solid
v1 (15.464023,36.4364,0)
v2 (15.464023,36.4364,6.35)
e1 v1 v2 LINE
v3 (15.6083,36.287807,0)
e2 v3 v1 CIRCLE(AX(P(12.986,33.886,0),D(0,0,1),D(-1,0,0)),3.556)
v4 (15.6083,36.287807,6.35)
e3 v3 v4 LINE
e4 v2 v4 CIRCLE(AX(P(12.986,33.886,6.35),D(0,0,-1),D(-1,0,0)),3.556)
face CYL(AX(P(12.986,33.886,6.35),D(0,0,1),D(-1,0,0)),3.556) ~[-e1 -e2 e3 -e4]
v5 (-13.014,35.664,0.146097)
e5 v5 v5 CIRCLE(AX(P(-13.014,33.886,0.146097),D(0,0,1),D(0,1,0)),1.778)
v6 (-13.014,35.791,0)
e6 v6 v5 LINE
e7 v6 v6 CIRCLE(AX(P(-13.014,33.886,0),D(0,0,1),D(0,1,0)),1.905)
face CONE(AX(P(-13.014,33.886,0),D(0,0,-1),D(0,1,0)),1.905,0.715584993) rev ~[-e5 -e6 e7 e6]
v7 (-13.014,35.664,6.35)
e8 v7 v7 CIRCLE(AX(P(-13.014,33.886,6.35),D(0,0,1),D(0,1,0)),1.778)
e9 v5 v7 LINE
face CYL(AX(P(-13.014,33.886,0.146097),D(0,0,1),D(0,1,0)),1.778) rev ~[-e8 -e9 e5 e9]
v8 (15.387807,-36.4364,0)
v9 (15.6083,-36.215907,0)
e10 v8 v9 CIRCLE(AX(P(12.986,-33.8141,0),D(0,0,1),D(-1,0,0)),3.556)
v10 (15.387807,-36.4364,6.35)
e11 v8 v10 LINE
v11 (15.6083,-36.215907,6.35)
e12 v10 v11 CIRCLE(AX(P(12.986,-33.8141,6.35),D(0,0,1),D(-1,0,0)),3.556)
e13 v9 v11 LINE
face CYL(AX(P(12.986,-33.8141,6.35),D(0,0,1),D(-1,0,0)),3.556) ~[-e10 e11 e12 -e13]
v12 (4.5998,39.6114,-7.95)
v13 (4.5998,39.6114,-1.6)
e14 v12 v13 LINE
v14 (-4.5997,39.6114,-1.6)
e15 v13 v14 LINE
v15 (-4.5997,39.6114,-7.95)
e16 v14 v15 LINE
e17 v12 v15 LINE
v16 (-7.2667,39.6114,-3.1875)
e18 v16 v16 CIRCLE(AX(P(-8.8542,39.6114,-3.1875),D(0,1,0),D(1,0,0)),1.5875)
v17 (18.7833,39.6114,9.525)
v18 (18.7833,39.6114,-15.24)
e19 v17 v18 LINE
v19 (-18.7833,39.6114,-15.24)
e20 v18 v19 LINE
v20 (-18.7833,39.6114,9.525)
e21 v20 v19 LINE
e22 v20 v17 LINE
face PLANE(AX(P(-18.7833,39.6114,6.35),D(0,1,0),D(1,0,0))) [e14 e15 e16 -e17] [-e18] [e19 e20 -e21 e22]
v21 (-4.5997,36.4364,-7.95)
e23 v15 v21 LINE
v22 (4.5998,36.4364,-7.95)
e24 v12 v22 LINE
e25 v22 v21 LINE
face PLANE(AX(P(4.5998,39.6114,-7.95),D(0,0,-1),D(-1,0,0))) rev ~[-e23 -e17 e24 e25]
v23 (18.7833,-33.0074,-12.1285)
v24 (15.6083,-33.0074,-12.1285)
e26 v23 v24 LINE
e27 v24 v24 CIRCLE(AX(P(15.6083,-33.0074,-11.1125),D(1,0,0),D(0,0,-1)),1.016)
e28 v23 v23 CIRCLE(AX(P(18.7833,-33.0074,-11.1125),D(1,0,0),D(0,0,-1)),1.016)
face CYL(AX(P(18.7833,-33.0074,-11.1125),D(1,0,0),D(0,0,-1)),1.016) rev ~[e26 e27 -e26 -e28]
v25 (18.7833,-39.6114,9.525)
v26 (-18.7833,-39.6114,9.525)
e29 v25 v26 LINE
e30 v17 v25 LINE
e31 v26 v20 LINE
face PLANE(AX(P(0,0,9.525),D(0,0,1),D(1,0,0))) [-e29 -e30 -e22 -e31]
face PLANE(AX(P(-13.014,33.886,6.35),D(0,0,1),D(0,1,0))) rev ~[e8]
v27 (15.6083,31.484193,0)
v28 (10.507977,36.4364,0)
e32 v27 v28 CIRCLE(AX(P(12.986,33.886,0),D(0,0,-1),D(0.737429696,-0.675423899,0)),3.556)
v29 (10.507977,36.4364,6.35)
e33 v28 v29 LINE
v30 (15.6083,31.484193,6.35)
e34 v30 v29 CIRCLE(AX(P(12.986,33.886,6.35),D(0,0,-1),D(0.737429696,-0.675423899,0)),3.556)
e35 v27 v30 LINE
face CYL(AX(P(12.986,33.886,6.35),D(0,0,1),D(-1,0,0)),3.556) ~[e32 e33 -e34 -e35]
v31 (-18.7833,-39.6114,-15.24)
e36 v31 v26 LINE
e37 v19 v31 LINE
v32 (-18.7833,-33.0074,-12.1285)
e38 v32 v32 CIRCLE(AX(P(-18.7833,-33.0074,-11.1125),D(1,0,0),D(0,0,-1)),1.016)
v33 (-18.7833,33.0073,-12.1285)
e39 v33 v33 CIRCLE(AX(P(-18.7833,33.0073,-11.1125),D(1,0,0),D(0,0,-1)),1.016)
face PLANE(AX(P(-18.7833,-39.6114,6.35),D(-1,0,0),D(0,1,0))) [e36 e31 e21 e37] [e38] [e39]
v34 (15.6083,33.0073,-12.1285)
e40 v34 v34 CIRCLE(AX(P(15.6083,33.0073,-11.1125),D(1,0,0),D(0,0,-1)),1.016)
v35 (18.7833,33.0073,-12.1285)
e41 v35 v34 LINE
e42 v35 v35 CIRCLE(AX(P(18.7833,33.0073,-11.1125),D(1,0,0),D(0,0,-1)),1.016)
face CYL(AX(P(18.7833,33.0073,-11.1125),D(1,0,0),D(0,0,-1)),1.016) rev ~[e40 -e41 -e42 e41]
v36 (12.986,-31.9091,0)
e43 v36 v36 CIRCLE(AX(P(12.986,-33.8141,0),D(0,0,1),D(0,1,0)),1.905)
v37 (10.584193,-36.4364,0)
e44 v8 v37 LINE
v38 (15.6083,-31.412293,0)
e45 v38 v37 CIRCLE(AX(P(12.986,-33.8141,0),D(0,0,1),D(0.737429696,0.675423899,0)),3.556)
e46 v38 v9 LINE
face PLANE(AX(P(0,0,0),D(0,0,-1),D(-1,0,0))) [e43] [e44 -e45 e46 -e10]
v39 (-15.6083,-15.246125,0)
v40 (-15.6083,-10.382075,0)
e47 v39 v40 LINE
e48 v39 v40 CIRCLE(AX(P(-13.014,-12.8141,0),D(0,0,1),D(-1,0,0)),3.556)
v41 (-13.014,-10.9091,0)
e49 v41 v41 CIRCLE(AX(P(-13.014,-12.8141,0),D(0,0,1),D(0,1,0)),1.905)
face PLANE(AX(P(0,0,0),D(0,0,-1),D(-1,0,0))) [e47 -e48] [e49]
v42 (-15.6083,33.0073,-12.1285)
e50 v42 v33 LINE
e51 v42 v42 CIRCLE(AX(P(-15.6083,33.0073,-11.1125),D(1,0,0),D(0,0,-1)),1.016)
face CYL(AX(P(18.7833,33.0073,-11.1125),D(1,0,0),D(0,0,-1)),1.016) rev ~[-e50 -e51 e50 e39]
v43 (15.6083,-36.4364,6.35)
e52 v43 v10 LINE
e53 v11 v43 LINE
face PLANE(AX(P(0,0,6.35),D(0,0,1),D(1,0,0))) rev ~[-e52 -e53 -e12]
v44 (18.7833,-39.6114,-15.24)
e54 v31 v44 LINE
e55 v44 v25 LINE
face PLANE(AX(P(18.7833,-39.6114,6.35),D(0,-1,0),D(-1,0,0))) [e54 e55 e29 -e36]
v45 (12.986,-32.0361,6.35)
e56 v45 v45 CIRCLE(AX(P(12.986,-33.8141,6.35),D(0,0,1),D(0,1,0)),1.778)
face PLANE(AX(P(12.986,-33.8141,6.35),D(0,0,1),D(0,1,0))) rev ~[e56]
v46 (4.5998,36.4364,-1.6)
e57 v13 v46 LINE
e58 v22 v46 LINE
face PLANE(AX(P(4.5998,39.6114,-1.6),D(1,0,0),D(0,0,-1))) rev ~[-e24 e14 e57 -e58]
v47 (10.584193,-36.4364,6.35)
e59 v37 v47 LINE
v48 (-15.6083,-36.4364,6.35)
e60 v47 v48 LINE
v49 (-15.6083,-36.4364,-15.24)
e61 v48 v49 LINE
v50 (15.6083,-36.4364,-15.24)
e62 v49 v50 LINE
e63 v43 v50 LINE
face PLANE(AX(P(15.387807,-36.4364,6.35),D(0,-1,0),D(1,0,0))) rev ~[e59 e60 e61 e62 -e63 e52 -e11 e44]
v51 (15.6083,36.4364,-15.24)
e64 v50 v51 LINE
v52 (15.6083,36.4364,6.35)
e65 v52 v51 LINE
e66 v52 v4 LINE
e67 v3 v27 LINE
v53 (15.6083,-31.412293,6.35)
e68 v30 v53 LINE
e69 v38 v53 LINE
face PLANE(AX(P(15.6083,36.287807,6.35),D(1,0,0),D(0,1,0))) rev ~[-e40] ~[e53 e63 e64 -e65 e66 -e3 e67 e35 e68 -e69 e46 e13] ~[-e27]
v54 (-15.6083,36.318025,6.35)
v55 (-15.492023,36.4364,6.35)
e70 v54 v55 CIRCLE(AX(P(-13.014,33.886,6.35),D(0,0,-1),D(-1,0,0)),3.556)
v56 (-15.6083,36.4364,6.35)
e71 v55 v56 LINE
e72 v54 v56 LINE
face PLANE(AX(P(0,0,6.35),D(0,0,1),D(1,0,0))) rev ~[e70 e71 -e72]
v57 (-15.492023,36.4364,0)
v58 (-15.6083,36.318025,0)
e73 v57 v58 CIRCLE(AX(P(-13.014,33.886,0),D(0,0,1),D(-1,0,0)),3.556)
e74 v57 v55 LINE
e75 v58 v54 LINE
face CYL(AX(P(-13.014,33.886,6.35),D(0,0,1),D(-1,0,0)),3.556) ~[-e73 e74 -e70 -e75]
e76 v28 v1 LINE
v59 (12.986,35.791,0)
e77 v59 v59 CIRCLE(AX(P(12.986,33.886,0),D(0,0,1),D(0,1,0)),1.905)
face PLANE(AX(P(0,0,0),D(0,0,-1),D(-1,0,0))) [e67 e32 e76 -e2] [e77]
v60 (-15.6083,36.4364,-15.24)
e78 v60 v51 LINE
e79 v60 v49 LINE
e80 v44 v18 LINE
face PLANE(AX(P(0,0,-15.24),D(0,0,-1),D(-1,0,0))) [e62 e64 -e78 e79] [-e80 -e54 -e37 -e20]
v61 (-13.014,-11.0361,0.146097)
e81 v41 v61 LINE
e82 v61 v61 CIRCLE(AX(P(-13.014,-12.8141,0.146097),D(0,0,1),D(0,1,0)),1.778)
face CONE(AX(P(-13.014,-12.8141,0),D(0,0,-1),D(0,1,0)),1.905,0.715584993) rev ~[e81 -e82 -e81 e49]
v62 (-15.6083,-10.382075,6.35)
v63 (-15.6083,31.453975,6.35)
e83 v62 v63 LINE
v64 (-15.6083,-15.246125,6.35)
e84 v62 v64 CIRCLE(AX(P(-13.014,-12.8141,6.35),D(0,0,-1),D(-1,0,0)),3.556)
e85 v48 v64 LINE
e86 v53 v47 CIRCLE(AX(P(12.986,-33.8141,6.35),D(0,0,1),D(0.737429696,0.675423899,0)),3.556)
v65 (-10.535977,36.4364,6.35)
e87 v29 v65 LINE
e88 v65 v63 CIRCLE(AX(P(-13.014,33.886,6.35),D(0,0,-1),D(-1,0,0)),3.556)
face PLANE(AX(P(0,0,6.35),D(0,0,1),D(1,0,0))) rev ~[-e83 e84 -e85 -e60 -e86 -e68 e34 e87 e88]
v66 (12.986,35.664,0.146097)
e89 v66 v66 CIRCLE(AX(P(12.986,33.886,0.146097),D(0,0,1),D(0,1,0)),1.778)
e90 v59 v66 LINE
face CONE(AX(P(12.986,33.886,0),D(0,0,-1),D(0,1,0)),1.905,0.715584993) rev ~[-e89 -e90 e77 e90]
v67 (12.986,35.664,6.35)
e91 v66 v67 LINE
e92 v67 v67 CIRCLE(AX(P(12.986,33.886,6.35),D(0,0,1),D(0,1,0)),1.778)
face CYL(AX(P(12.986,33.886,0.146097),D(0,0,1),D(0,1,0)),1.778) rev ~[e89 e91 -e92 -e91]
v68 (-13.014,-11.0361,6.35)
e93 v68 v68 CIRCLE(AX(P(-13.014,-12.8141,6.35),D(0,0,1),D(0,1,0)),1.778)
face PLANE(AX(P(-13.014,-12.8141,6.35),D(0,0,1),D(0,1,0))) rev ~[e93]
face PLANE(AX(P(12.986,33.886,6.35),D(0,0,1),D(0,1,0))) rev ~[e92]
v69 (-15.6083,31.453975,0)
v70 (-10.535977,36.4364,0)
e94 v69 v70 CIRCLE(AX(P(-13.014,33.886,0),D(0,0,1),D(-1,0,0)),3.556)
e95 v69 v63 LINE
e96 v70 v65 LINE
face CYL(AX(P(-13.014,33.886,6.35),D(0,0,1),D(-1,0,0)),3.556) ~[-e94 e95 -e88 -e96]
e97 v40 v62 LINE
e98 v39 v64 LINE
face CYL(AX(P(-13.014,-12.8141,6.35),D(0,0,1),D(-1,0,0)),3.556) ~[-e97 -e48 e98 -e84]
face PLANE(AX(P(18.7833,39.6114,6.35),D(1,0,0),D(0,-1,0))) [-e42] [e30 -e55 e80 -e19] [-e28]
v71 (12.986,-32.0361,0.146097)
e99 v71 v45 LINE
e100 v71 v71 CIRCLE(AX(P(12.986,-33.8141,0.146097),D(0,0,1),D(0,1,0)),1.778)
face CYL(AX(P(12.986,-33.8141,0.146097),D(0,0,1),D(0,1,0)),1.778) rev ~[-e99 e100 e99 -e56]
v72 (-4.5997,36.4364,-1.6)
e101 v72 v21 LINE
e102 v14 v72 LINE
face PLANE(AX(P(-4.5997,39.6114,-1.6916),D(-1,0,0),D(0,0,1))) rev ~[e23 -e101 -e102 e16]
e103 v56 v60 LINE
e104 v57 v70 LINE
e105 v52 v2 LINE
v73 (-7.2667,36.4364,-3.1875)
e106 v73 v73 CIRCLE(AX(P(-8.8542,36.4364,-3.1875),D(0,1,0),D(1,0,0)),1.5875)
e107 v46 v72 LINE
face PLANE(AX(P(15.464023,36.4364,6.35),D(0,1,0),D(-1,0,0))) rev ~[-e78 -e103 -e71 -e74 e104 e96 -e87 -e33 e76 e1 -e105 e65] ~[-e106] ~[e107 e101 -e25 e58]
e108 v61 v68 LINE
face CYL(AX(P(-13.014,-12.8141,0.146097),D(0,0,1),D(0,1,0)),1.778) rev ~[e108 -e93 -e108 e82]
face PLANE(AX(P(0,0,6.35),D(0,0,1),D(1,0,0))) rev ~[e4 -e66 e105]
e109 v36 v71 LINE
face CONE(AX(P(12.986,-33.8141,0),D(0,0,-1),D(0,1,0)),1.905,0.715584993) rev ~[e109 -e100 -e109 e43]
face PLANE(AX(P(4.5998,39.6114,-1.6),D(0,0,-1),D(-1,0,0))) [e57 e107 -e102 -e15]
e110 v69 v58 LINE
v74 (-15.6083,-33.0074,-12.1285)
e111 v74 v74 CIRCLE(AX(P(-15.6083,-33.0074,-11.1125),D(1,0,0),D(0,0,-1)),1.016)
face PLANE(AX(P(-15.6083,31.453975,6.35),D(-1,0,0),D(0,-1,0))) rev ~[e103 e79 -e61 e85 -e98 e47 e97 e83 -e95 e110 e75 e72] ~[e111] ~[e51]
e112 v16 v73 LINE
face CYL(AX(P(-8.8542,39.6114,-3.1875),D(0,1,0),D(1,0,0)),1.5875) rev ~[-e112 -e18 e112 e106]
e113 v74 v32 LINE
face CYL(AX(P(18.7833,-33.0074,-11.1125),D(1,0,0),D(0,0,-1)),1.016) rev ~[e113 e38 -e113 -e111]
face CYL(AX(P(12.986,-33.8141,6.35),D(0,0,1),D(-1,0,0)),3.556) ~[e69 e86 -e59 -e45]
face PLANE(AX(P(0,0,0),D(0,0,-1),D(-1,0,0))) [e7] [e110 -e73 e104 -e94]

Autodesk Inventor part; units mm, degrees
ref_plane "YZ Plane" through (0, 0, 0) normal (1, 0, 0) x (0, 1, 0)
ref_plane "XZ Plane" through (0, 0, 0) normal (0, 1, 0) x (-1, 0, 0)
ref_plane "Work Plane1" through (0, 0, 6.35) normal (0, 0, 1) x (1, 0, 0)
sketch "Sketch1" plane through (0, 0, 6.35) normal (0, 0, 1) x (1, 0, 0)
  line L0 (14.9733, -35.8014) -> (14.9733, 35.8014) projected
  line L1 (14.9733, 35.8014) -> (-14.9733, 35.8014) projected
  line L2 (-14.9733, 35.8014) -> (-14.9733, -35.8014) projected
  line L3 (-14.9733, -35.8014) -> (14.9733, -35.8014) projected
  circle A0 centre (-13.81, -28.5989) radius 0.6 projected
  circle A1 centre (-11.557, -24.257) radius 0.1524 projected
  circle A2 centre (-9.271, -23.749) radius 0.1524 projected
  circle A3 centre (-8.636, -22.606) radius 0.1524 projected
  circle A4 centre (-8.636, -19.939) radius 0.1524 projected
  circle A5 centre (-6.731, -35.3061) radius 0.1524 projected
  circle A6 centre (-5.842, -34.1631) radius 0.1524 projected
  circle A7 centre (-7.239, -31.8771) radius 0.1524 projected
  circle A8 centre (-5.08, -31.7501) radius 0.1524 projected
  circle A9 centre (-5.08, -30.8611) radius 0.1524 projected
  circle A10 centre (-1.016, -32.6391) radius 0.1524 projected
  circle A11 centre (-1.905, -27.9401) radius 0.1524 projected
  circle A12 centre (-4.318, -24.892) radius 0.1524 projected
  circle A13 centre (-5.842, -19.05) radius 0.1524 projected
  circle A14 centre (-5.08, -21.463) radius 0.1524 projected
  circle A15 centre (-5.08, -18.415) radius 0.1524 projected
  circle A16 centre (-4.191, -19.939) radius 0.1524 projected
  circle A17 centre (-4.191, -18.415) radius 0.1524 projected
  circle A18 centre (-11.176, -17.526) radius 0.1525 projected
  circle A19 centre (-13.014, -12.8141) radius 1.016 projected
  circle A20 centre (-7.874, -8.382) radius 1.85 projected
  circle A21 centre (-4.826, -17.526) radius 0.1524 projected
  circle A22 centre (-4.572, -5.715) radius 0.1524 projected
  circle A23 centre (-2.413, -6.35) radius 0.1524 projected
  circle A24 centre (-1.016, -5.715) radius 0.1524 projected
  circle A25 centre (4.953, -31.4961) radius 0.1524 projected
  circle A26 centre (6.35, -30.6071) radius 0.1524 projected
  circle A27 centre (6.19, -28.5989) radius 0.85 projected
  circle A28 centre (0.254, -24.638) radius 0.1524 projected
  circle A29 centre (1.27, -21.082) radius 0.1524 projected
  circle A30 centre (6.604, -26.2891) radius 0.1524 projected
  circle A31 centre (5.461, -21.717) radius 0.1524 projected
  circle A32 centre (8.509, -32.7661) radius 0.1524 projected
  circle A33 centre (8.636, -30.6071) radius 0.1524 projected
  circle A34 centre (12.986, -33.8141) radius 1.016 projected
  circle A35 centre (13.843, -30.0991) radius 0.1524 projected
  circle A36 centre (9.017, -24.892) radius 0.1524 projected
  circle A37 centre (9.779, -22.86) radius 0.1524 projected
  circle A38 centre (7.366, -21.717) radius 0.1524 projected
  circle A39 centre (-0.014, -16.637) radius 0.255 projected
  circle A40 centre (3.429, -7.62) radius 0.1524 projected
  circle A41 centre (10.287, -16.9782) radius 0.1524 projected
  circle A42 centre (10.033, -9.779) radius 0.1524 projected
  circle A43 centre (13.843, -17.526) radius 0.1524 projected
  circle A44 centre (-4.953, 11.303) radius 0.1524 projected
  circle A45 centre (-13.014, 33.886) radius 1.016 projected
  circle A46 centre (-3.8002, 24.494) radius 0.5 projected
  circle A47 centre (-4.4502, 34.2441) radius 0.5 projected
  circle A48 centre (-1.4001, 27.0939) radius 0.45 projected
  circle A49 centre (0, 13.843) radius 0.1524 projected
  circle A50 centre (3.8002, 24.494) radius 0.5 projected
  circle A51 centre (1.4001, 27.0939) radius 0.45 projected
  circle A52 centre (4.4502, 34.2441) radius 0.5 projected
  circle A53 centre (12.986, 33.886) radius 1.016 projected
  line L4 (-18.7833, -39.6114) -> (-18.7833, 39.6114)
  line L5 (-18.7833, 39.6114) -> (18.7833, 39.6114)
  line L6 (18.7833, 39.6114) -> (18.7833, -39.6114)
  line L7 (18.7833, -39.6114) -> (-18.7833, -39.6114)
  point P0 (0, 0)
  dimension "d1" = 3.81
extrude "Extrusion1" add sketch "Sketch1" along normal blind 3.175 contours L3 L2 L1 L0 | A0 | A1 | A2 | A3 | A4 | A5 | A6 | A7 | A8 | A9 | A10 | A11 | A12 | A13 | A14 | A15 | A16 | A17 | A18 | A19 | A20 | A21 | A22 | A23 | A24 | A25 | A26 | A27 | A28 | A29 | A30 | A31 | A32 | A33 | A34 | A35 | A36 | A37 | A38 | A39 | A40 | A41 | A42 | A43 | A44 | A45 | A46 | A47 | A48 | A49 | A50 | A51 | A52 | A53 | L4 L5 L6 L7
sketch "Sketch2" plane through (0, 0, 6.35) normal (0, 0, -1) x (-1, 0, 0)
  circle A0 centre (-12.986, -33.8141) radius 1.016 projected
  circle A1 centre (-12.986, 33.886) radius 1.016 projected
  circle A2 centre (13.014, 33.886) radius 1.016 projected
  circle A3 centre (-12.986, -33.8141) radius 3.556
  circle A4 centre (-12.986, 33.886) radius 3.556
  circle A5 centre (13.014, 33.886) radius 3.556
  line L0 (-12.986, 33.886) -> (13.014, 33.886)
  line L1 (13.014, 33.886) -> (13.014, -33.8141)
  line L2 (13.014, -33.8141) -> (-12.986, -33.8141)
  line L3 (-12.986, -33.8141) -> (-12.986, 33.886)
  circle A6 centre (13.014, -12.8141) radius 1.016
  circle A7 centre (13.014, -12.8141) radius 3.556
  point P0 (0, 0)
  dimension "d4" = 7.112
  dimension "d5" = 7.112
  dimension "d6" = 7.112
  dimension "d32" = 7.112
ref_plane "Work Plane2" through (-14.9733, -35.8014, 0) normal (0, 0, 1) x (1, 0, 0)
extrude "Extrusion2" add sketch "Sketch2" along normal up to surface (6.35 mm away) contours L2 L3 A0 | L2 A3 L3 A0 | A0 L3 A3 L2 | A0 L3 L2 | L3 A1 L0 A4 | A4 L0 A1 L3 | A7 L1 A6 | L1 A6 A7 | L3 L0 A1 | A1 L0 L3 | A6 L1 | L1 A6 | L0 A2 L1 A5 | A5 L1 A2 L0 | L0 L1 A2 | A2 L1 L0
sketch "Sketch3" plane through (12.986, -33.8141, 0) normal (0, 0, -1) x (-1, 0, 0)
  circle A0 centre (0, 67.7) radius 1.016 projected
  circle A1 centre (0, 0) radius 1.016 projected
  circle A2 centre (26, 67.7) radius 1.016 projected
  circle A3 centre (26, 21) radius 3.556 projected
  point P0 (12.986, 33.8141)
hole "Hole1" at (12.986, -33.8141, 0) at (12.986, 33.886, 0) at (-13.014, 33.886, 0) at (-13.014, -12.8141, 0) direction (0, 0, 1) diameter 3.556 depth 6.35 countersink diameter 3.81 countersink angle 82
sketch "Sketch4" plane through (0, 0, 6.35) normal (0, 0, -1) x (-1, 0, 0)
  circle A0 centre (-12.986, 33.886) radius 3.556 projected
  circle A1 centre (13.014, 33.886) radius 3.556 projected
  circle A2 centre (-12.986, -33.8141) radius 3.556 projected
  line L0 (18.7833, -39.6114) -> (-18.7833, -39.6114) projected
  line L1 (18.7833, 39.6114) -> (18.7833, -39.6114) projected
  line L2 (-18.7833, 39.6114) -> (18.7833, 39.6114) projected
  line L3 (-18.7833, -39.6114) -> (-18.7833, 39.6114) projected
  line L4 (-15.6083, 36.4364) -> (15.6083, 36.4364)
  line L5 (15.6083, 36.4364) -> (15.6083, -36.4364)
  line L6 (15.6083, -36.4364) -> (-15.6083, -36.4364)
  line L7 (-15.6083, -36.4364) -> (-15.6083, 36.4364)
  point P0 (0, 0)
  dimension "d17" = 3.175
extrude "Extrusion3" add sketch "Sketch4" along normal blind 21.59 contours L4 A0 | A0 L7 | A1 L4 | L7 A2 | L5 A1 | A2 L6 | L0 L3 L2 L1
sketch "Sketch5" plane through (-18.7833, 39.6114, 9.525) normal (0, 1, 0) x (1, 0, 0)
  line L0 (14.1836, 11.2166) -> (14.1836, 14.2664) projected
  line L1 (23.3831, 14.2664) -> (23.3831, 11.2166) projected
  line L2 (33.7567, 9.525) -> (33.7567, 11.125) projected
  line L3 (33.7567, 11.125) -> (3.81, 11.125) projected
  line L4 (3.81, 9.525) -> (3.81, 11.125) projected
  line L5 (33.7567, 9.525) -> (3.81, 9.525) projected
  line L6 (14.1836, 11.125) -> (23.3831, 11.125)
  line L7 (23.3831, 11.125) -> (23.3831, 17.475)
  line L8 (23.3831, 17.475) -> (14.1836, 17.475)
  line L9 (14.1836, 17.475) -> (14.1836, 11.125)
  point P0 (18.7833, 9.525)
  dimension "d20" = 6.35
extrude "Extrusion4" cut sketch "Sketch5" against normal up to surface (3.175 mm away) contours L0 L9 L8 L7 L1 L3
sketch "Sketch6" plane through (-18.7833, 39.6114, 9.525) normal (0, 1, 0) x (1, 0, 0)
  circle A0 centre (9.9291, 12.7125) radius 1.5875
  line L0 (14.1836, 11.125) -> (14.1836, 17.475) projected
  line L1 (23.3831, 11.125) -> (14.1836, 11.125) projected
  point P0 (18.7833, 9.525)
  dimension "d23" = 4.2545
  dimension "d24" = 3.175
  dimension "d25" = 1.5875
extrude "Extrusion5" cut sketch "Sketch6" against normal up to surface (3.175 mm away)
sketch "Sketch7" plane through (18.7833, -39.6114, 9.525) normal (1, 0, 0) x (0, 0, -1)
  circle A0 centre (20.6375, 72.6187) radius 1.905 projected
  circle A1 centre (20.6375, 6.604) radius 1.778 projected
  circle A2 centre (20.6375, 6.604) radius 1.905 projected
  circle A3 centre (20.6375, 72.6187) radius 1.778 projected
  circle A4 centre (20.6375, 72.6187) radius 1.016
  circle A5 centre (20.6375, 6.604) radius 1.016
  point P0 (9.525, 39.6114)
  dimension "d33" = 2.032
  dimension "d34" = 2.032
extrude "Extrusion6" cut sketch "Sketch7" against normal up to surface (37.5667 mm away) contours A4 | A5
properties part number "SENSOR_BOTTOM" material "PC/ABS Plastic"
